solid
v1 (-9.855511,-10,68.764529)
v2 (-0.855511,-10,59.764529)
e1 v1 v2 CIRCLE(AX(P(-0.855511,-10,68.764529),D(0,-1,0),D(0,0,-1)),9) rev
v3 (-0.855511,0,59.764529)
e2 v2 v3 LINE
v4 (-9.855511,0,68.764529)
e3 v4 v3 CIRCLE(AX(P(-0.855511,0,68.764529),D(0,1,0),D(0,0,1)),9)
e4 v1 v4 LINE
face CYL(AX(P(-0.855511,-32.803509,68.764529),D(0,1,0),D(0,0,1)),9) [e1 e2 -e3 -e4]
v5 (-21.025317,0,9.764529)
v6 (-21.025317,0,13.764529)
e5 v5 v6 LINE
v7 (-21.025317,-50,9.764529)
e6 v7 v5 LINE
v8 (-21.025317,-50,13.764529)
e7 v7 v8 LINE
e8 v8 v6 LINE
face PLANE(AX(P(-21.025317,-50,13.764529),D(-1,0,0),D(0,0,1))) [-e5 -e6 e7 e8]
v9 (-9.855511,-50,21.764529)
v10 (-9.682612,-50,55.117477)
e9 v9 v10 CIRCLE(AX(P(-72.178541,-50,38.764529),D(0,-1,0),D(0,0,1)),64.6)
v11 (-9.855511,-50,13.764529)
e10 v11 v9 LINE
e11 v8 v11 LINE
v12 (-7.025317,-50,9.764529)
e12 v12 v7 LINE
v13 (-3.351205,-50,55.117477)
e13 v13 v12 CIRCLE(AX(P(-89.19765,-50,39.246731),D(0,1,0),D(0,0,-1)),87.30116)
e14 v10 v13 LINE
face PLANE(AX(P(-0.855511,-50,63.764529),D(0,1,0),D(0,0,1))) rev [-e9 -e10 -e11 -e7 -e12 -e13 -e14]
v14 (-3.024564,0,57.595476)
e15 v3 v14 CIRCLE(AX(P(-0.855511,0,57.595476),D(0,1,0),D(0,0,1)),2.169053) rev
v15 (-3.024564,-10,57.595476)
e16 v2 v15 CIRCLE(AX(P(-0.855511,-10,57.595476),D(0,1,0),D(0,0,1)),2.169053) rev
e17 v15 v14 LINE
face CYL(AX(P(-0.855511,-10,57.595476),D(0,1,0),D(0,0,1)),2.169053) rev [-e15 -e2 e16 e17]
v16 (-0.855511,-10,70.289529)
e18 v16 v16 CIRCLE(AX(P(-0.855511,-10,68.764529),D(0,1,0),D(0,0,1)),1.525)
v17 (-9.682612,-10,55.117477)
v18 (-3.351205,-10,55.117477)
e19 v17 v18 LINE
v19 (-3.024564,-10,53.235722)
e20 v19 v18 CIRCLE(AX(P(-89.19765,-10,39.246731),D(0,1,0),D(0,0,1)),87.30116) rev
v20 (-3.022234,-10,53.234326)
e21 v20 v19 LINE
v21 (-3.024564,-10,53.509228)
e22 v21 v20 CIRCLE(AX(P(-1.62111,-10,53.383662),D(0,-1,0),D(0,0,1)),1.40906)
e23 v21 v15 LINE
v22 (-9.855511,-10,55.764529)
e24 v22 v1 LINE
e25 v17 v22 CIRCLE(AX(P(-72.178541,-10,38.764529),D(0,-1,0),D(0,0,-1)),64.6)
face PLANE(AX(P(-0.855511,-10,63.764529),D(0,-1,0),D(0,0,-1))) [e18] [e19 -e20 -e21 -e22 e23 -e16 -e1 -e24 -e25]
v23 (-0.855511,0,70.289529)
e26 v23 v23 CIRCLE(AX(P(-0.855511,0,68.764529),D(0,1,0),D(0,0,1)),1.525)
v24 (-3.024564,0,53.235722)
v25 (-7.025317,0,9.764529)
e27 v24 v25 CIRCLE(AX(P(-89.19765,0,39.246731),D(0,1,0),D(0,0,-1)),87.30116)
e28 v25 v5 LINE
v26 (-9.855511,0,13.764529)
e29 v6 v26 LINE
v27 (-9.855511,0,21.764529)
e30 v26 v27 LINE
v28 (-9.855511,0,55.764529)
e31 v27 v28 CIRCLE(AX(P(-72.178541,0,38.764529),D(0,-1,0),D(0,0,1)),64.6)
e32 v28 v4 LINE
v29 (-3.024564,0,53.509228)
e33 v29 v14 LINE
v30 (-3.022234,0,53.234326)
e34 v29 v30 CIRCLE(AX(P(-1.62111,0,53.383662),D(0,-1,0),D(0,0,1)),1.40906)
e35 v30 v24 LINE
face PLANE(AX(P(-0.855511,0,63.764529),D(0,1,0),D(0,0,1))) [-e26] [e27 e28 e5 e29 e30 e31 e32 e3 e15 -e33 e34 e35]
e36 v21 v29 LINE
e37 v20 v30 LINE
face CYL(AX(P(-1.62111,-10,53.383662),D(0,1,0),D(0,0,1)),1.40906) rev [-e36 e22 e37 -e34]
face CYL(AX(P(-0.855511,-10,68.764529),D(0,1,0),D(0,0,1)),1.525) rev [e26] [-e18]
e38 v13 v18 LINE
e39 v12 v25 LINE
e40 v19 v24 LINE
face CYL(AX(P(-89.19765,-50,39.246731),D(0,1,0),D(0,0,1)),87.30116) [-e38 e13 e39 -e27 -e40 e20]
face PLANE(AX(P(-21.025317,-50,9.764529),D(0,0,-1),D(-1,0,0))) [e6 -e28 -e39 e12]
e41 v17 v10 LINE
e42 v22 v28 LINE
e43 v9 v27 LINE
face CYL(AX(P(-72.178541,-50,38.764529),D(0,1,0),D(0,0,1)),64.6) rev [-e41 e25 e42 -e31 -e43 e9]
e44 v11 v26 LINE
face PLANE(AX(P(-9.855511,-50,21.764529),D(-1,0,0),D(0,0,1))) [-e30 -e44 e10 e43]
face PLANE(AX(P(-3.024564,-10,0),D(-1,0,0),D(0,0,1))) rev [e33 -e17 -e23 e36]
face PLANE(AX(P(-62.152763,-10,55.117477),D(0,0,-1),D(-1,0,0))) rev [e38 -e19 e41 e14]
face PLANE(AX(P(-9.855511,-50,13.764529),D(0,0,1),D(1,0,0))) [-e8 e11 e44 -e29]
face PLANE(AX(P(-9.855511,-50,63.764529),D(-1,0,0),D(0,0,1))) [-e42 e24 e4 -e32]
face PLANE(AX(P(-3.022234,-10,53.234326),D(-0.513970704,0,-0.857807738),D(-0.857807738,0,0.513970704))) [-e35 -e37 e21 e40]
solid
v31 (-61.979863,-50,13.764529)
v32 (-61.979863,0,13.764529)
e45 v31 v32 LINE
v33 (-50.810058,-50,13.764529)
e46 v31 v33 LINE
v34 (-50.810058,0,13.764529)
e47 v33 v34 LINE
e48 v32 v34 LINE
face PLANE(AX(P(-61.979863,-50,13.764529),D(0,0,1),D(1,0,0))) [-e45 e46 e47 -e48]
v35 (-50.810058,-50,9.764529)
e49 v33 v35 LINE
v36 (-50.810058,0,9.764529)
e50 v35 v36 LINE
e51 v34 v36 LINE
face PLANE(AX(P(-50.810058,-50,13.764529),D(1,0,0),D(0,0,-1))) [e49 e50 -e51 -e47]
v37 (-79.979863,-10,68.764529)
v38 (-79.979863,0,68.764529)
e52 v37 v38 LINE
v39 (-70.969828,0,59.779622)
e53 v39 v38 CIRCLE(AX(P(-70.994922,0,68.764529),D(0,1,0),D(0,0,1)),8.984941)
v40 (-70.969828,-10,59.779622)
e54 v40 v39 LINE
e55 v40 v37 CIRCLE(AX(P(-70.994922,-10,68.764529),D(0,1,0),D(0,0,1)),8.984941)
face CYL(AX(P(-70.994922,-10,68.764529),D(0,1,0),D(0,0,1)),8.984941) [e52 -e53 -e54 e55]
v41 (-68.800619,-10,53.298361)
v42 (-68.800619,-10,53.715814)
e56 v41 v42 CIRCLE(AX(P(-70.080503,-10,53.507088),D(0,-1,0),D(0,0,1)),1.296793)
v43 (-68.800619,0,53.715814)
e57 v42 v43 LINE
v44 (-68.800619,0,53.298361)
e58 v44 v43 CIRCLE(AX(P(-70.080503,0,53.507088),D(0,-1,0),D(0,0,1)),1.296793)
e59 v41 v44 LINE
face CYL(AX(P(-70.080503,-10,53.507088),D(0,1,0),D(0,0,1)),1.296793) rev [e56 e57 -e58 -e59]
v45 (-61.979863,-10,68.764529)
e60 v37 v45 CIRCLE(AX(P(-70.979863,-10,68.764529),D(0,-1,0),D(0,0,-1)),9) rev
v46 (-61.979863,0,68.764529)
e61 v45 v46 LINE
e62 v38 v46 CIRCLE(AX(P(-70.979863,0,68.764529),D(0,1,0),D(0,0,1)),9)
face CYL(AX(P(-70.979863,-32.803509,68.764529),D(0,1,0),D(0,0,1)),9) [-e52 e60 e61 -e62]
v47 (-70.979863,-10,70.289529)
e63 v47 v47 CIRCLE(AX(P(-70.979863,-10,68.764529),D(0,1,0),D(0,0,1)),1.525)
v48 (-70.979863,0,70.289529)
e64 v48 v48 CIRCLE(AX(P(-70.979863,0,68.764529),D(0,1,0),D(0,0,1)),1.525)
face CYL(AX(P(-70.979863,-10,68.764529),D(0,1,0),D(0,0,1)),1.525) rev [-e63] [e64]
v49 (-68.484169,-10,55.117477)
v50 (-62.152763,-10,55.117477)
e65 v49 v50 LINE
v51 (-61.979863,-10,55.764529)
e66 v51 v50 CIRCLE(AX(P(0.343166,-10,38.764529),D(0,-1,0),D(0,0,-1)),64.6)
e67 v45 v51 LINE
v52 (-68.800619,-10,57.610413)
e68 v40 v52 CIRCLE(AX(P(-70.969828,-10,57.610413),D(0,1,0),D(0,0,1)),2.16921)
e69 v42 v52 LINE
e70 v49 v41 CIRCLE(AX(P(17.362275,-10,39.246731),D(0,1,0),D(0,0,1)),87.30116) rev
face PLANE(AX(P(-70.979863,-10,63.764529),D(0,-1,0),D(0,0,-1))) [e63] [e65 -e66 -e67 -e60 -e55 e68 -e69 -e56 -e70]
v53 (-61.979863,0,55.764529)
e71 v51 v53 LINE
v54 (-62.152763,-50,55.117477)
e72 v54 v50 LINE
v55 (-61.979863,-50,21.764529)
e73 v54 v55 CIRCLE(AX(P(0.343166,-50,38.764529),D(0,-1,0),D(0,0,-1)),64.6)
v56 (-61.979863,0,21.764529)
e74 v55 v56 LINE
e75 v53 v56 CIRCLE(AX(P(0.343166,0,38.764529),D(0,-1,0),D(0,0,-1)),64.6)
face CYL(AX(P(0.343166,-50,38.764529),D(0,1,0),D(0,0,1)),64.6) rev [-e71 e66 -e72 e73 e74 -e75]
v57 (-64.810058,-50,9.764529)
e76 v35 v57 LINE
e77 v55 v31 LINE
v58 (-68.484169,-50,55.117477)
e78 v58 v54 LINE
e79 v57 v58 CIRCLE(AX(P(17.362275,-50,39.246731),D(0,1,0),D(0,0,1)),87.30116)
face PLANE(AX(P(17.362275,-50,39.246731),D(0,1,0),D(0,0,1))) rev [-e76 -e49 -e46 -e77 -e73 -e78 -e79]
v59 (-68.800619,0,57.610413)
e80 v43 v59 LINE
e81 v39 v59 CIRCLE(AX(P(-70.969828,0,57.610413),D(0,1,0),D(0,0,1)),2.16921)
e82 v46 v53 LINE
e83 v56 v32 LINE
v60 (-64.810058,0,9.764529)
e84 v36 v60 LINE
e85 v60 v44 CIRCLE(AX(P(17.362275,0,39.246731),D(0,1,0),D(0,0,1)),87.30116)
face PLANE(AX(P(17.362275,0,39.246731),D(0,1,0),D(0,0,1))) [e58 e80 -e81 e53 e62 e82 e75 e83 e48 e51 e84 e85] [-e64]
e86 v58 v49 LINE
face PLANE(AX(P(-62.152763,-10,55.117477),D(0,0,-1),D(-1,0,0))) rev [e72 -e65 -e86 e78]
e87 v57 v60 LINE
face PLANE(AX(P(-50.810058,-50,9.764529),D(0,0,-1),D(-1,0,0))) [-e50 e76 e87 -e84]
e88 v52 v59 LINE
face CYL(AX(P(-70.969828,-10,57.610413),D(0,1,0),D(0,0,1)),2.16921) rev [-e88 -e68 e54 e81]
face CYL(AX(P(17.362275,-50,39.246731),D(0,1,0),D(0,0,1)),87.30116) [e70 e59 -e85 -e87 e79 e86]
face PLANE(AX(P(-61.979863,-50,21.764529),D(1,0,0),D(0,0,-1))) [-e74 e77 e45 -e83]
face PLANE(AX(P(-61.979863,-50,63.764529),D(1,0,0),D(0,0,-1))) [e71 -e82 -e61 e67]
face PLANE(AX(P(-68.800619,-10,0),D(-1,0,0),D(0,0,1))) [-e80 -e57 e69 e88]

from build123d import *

# Parameters (mm, degrees)
BOSS_EXTRUDE1_DEPTH   = 50
BOSS_EXTRUDE1_2_DEPTH = 50
SKETCH2_R             = 9
CUT_EXTRUDE1_DEPTH    = 40
CUT_EXTRUDE2_DEPTH    = 40
BOSS_EXTRUDE2_DEPTH   = 10
SKETCH5_R             = 1.525
CUT_EXTRUDE3_DEPTH    = 10
BOSS_EXTRUDE3_DEPTH   = 10
SKETCH8_R             = 1.525
BOSS_EXTRUDE4_DEPTH   = 10
CUT_EXTRUDE5_DEPTH    = 10
SKETCH10_R            = 1.525
CUT_EXTRUDE6_DEPTH    = 10


with BuildPart() as part:
    # Sketch1 → Boss-Extrude1 (new body)
    with BuildSketch(Plane(origin=(0, 0, 0), x_dir=(1, 0, 0), z_dir=(0, 1, 0))):
        with BuildLine():
            Line((-9.855511121, -63.764528812), (-9.855511121, -55.764528812))
            ThreePointArc((-9.855511121, -55.764528812), (-7.578540573, -38.764528812), (-9.855511121, -21.764528812))
            Line((-9.855511121, -21.764528812), (-9.855511121, -13.764528812))
            Line((-9.855511121, -13.764528812), (-21.025316782, -13.764528812))
            Line((-21.025316782, -13.764528812), (-21.025316782, -9.764528812))
            Line((-21.025316782, -9.764528812), (-7.025316782, -9.764528812))
            ThreePointArc((-7.025316782, -9.764528812), (-2.18156011, -32.197425329), (-3.351205363, -55.117476699))
            ThreePointArc((-3.351205363, -55.117476699), (6.336889319, -69.174646732), (-9.855511121, -63.764528812))
        make_face()
    extrude(amount=-BOSS_EXTRUDE1_DEPTH)


with BuildPart() as body_2:
    # Sketch1 → Boss-Extrude1 2 (new body)
    with BuildSketch(Plane(origin=(0, 0, 0), x_dir=(1, 0, 0), z_dir=(0, 1, 0))):
        with BuildLine():
            Line((-50.810057702, -9.764528812), (-64.810057702, -9.764528812))
            ThreePointArc((-64.810057702, -9.764528812), (-69.653814374, -32.197425329), (-68.484169121, -55.117476699))
            ThreePointArc((-68.484169121, -55.117476699), (-78.172263802, -69.174646732), (-61.979863362, -63.764528812))
            Line((-61.979863362, -63.764528812), (-61.979863362, -55.764528812))
            ThreePointArc((-61.979863362, -55.764528812), (-64.256833911, -38.764528812), (-61.979863362, -21.764528812))
            Line((-61.979863362, -21.764528812), (-61.979863362, -13.764528812))
            Line((-61.979863362, -13.764528812), (-50.810057702, -13.764528812))
            Line((-50.810057702, -13.764528812), (-50.810057702, -9.764528812))
        make_face()
    extrude(amount=-BOSS_EXTRUDE1_2_DEPTH)


with BuildPart() as cut_extrude1_tool:
    # Sketch2 → Cut-Extrude1 (new body)
    with BuildSketch(Plane.XZ.offset(50)):
        with Locations((-70.979863362, 63.764528812)):
            Circle(SKETCH2_R)
        with Locations((-0.855511121, 63.764528812)):
            Circle(SKETCH2_R)
    extrude(amount=-CUT_EXTRUDE1_DEPTH)


with BuildPart() as part_1:
    add(part.part)

    # Cut-Extrude1: cut by cut_extrude1_tool
    add(cut_extrude1_tool.part, mode=Mode.SUBTRACT)


with BuildPart() as body_2_1:
    add(body_2.part)

    # Cut-Extrude1: cut by cut_extrude1_tool
    add(cut_extrude1_tool.part, mode=Mode.SUBTRACT)


with BuildPart() as cut_extrude2_tool:
    # Sketch3 → Cut-Extrude2 (new body)
    with BuildSketch(Plane.XZ.offset(50)):
        Polygon((-68.484169121, 55.117476699), (-62.152762542, 55.117476699), (-3.351205363, 55.117476699), (-3.351205363, 65.102133375), (-68.484169121, 65.102133375), align=None)
    extrude(amount=-CUT_EXTRUDE2_DEPTH)


with BuildPart() as part_2:
    add(part_1.part)

    # Cut-Extrude2: cut by cut_extrude2_tool
    add(cut_extrude2_tool.part, mode=Mode.SUBTRACT)



with BuildPart() as body_2_2:
    add(body_2_1.part)

    # Cut-Extrude2: cut by cut_extrude2_tool
    add(cut_extrude2_tool.part, mode=Mode.SUBTRACT)


with BuildPart() as part_3:
    add(part_2.part)

    add(body_2_2.part)  # Boss-Extrude2 merges body 2
    # Sketch4 → Boss-Extrude2 (add)
    with BuildSketch(Plane(origin=(0, 0, 0), x_dir=(1, 0, 0), z_dir=(0, 1, 0))):
        with BuildLine():
            Line((-68.80061851, -53.298361428), (-66.667189119, -54.389414211))
            Line((-66.667189119, -54.389414211), (-69.130149729, -56.574087603))
            Line((-69.130149729, -56.574087603), (-70.193770041, -54.798924689))
            ThreePointArc((-70.193770041, -54.798924689), (-69.130149729, -54.389414211), (-68.80061851, -53.298361428))
        make_face()
        with BuildLine():
            Line((-3.022233862, -53.234325611), (-4.829856794, -54.317394917))
            Line((-4.829856794, -54.317394917), (-2.828145338, -56.574087603))
            Line((-2.828145338, -56.574087603), (-1.517471846, -54.788905825))
            ThreePointArc((-1.517471846, -54.788905825), (-2.633556106, -54.363663707), (-3.022233862, -53.234325611))
        make_face()
    extrude(amount=-BOSS_EXTRUDE2_DEPTH)

    # Sketch5 → Cut-Extrude3 (cut)
    with BuildSketch(Plane(origin=(0, 0, 0), x_dir=(1, 0, 0), z_dir=(0, 1, 0))):
        with Locations((-70.979863362, -63.764528812)):
            Circle(SKETCH5_R)
        with Locations((-0.855511121, -63.764528812)):
            Circle(SKETCH5_R)
    extrude(amount=-CUT_EXTRUDE3_DEPTH, mode=Mode.SUBTRACT)

    # Sketch7 → Boss-Extrude3 (add)
    with BuildSketch(Plane(origin=(0, 0, 0), x_dir=(1, 0, 0), z_dir=(0, 1, 0))):
        with BuildLine():
            Line((-9.855511121, -63.764528812), (-9.855511121, -68.764528812))
            ThreePointArc((-9.855511121, -68.764528812), (-0.855511121, -77.764528812), (8.144488879, -68.764528812))
            Line((8.144488879, -68.764528812), (8.144488879, -63.764528812))
            ThreePointArc((8.144488879, -63.764528812), (-0.855511121, -72.764528812), (-9.855511121, -63.764528812))
        make_face()
        with BuildLine():
            Line((-61.979863362, -68.764528812), (-61.979863362, -63.764528812))
            ThreePointArc((-61.979863362, -63.764528812), (-70.979863362, -72.764528812), (-79.979863362, -63.764528812))
            Line((-79.979863362, -63.764528812), (-79.979863362, -68.764528812))
            ThreePointArc((-79.979863362, -68.764528812), (-70.979863362, -77.764528812), (-61.979863362, -68.764528812))
        make_face()
    extrude(amount=-BOSS_EXTRUDE3_DEPTH)

    # Sketch8 → Boss-Extrude4 (add)
    with BuildSketch(Plane(origin=(0, 0, 0), x_dir=(1, 0, 0), z_dir=(0, 1, 0))):
        with Locations((-70.979863362, -63.764528812)):
            Circle(SKETCH8_R)
        with Locations((-0.855511121, -63.764528812)):
            Circle(SKETCH8_R)
    extrude(amount=-BOSS_EXTRUDE4_DEPTH)

    # Sketch9 → Cut-Extrude5 (cut)
    with BuildSketch(Plane(origin=(0, 0, 0), x_dir=(1, 0, 0), z_dir=(0, 1, 0))):
        with BuildLine():
            Line((-68.80061851, -57.610412769), (-68.80061851, -53.298361428))
            Line((-68.80061851, -53.298361428), (-79.979863362, -53.298361428))
            Line((-79.979863362, -53.298361428), (-79.979863362, -68.764528812))
            ThreePointArc((-79.979863362, -68.764528812), (-77.33935677, -62.402350031), (-70.969828212, -59.779622471))
            ThreePointArc((-70.969828212, -59.779622471), (-69.435965322, -59.144275659), (-68.80061851, -57.610412769))
        make_face()
        with BuildLine():
            Line((-3.024563926, -53.509227684), (-3.024563926, -57.595476008))
            ThreePointArc((-3.024563926, -57.595476008), (-2.389263068, -59.129227954), (-0.855511121, -59.764528812))
            ThreePointArc((-0.855511121, -59.764528812), (5.508449909, -62.400567781), (8.144488879, -68.764528812))
            Line((8.144488879, -68.764528812), (8.144488879, -63.764528812))
            ThreePointArc((8.144488879, -63.764528812), (5.269942065, -57.170681433), (-1.517471846, -54.788905825))
            ThreePointArc((-1.517471846, -54.788905825), (-2.533126576, -54.457755259), (-3.024563926, -53.509227684))
        make_face()
        with BuildLine():
            Line((-3.024563926, -53.258097146), (-3.024563926, -53.509227684))
            ThreePointArc((-3.024563926, -53.509227684), (-2.533126576, -54.457755259), (-1.517471846, -54.788905825))
            ThreePointArc((-1.517471846, -54.788905825), (5.269942065, -57.170681433), (8.144488879, -63.764528812))
            Line((8.144488879, -63.764528812), (8.144488879, -53.235721709))
            Line((8.144488879, -53.235721709), (-3.02238196, -53.235721709))
            ThreePointArc((-3.02238196, -53.235721709), (-3.023517569, -53.246905076), (-3.024563926, -53.258097146))
        make_face()
    extrude(amount=-CUT_EXTRUDE5_DEPTH, mode=Mode.SUBTRACT)

    # Sketch10 → Cut-Extrude6 (cut)
    with BuildSketch(Plane(origin=(0, 0, 0), x_dir=(1, 0, 0), z_dir=(0, 1, 0))):
        with Locations((-70.979863362, -68.764528812)):
            Circle(SKETCH10_R)
        with Locations((-0.855511121, -68.764528812)):
            Circle(SKETCH10_R)
    extrude(amount=-CUT_EXTRUDE6_DEPTH, mode=Mode.SUBTRACT)


solid = part_3.part
